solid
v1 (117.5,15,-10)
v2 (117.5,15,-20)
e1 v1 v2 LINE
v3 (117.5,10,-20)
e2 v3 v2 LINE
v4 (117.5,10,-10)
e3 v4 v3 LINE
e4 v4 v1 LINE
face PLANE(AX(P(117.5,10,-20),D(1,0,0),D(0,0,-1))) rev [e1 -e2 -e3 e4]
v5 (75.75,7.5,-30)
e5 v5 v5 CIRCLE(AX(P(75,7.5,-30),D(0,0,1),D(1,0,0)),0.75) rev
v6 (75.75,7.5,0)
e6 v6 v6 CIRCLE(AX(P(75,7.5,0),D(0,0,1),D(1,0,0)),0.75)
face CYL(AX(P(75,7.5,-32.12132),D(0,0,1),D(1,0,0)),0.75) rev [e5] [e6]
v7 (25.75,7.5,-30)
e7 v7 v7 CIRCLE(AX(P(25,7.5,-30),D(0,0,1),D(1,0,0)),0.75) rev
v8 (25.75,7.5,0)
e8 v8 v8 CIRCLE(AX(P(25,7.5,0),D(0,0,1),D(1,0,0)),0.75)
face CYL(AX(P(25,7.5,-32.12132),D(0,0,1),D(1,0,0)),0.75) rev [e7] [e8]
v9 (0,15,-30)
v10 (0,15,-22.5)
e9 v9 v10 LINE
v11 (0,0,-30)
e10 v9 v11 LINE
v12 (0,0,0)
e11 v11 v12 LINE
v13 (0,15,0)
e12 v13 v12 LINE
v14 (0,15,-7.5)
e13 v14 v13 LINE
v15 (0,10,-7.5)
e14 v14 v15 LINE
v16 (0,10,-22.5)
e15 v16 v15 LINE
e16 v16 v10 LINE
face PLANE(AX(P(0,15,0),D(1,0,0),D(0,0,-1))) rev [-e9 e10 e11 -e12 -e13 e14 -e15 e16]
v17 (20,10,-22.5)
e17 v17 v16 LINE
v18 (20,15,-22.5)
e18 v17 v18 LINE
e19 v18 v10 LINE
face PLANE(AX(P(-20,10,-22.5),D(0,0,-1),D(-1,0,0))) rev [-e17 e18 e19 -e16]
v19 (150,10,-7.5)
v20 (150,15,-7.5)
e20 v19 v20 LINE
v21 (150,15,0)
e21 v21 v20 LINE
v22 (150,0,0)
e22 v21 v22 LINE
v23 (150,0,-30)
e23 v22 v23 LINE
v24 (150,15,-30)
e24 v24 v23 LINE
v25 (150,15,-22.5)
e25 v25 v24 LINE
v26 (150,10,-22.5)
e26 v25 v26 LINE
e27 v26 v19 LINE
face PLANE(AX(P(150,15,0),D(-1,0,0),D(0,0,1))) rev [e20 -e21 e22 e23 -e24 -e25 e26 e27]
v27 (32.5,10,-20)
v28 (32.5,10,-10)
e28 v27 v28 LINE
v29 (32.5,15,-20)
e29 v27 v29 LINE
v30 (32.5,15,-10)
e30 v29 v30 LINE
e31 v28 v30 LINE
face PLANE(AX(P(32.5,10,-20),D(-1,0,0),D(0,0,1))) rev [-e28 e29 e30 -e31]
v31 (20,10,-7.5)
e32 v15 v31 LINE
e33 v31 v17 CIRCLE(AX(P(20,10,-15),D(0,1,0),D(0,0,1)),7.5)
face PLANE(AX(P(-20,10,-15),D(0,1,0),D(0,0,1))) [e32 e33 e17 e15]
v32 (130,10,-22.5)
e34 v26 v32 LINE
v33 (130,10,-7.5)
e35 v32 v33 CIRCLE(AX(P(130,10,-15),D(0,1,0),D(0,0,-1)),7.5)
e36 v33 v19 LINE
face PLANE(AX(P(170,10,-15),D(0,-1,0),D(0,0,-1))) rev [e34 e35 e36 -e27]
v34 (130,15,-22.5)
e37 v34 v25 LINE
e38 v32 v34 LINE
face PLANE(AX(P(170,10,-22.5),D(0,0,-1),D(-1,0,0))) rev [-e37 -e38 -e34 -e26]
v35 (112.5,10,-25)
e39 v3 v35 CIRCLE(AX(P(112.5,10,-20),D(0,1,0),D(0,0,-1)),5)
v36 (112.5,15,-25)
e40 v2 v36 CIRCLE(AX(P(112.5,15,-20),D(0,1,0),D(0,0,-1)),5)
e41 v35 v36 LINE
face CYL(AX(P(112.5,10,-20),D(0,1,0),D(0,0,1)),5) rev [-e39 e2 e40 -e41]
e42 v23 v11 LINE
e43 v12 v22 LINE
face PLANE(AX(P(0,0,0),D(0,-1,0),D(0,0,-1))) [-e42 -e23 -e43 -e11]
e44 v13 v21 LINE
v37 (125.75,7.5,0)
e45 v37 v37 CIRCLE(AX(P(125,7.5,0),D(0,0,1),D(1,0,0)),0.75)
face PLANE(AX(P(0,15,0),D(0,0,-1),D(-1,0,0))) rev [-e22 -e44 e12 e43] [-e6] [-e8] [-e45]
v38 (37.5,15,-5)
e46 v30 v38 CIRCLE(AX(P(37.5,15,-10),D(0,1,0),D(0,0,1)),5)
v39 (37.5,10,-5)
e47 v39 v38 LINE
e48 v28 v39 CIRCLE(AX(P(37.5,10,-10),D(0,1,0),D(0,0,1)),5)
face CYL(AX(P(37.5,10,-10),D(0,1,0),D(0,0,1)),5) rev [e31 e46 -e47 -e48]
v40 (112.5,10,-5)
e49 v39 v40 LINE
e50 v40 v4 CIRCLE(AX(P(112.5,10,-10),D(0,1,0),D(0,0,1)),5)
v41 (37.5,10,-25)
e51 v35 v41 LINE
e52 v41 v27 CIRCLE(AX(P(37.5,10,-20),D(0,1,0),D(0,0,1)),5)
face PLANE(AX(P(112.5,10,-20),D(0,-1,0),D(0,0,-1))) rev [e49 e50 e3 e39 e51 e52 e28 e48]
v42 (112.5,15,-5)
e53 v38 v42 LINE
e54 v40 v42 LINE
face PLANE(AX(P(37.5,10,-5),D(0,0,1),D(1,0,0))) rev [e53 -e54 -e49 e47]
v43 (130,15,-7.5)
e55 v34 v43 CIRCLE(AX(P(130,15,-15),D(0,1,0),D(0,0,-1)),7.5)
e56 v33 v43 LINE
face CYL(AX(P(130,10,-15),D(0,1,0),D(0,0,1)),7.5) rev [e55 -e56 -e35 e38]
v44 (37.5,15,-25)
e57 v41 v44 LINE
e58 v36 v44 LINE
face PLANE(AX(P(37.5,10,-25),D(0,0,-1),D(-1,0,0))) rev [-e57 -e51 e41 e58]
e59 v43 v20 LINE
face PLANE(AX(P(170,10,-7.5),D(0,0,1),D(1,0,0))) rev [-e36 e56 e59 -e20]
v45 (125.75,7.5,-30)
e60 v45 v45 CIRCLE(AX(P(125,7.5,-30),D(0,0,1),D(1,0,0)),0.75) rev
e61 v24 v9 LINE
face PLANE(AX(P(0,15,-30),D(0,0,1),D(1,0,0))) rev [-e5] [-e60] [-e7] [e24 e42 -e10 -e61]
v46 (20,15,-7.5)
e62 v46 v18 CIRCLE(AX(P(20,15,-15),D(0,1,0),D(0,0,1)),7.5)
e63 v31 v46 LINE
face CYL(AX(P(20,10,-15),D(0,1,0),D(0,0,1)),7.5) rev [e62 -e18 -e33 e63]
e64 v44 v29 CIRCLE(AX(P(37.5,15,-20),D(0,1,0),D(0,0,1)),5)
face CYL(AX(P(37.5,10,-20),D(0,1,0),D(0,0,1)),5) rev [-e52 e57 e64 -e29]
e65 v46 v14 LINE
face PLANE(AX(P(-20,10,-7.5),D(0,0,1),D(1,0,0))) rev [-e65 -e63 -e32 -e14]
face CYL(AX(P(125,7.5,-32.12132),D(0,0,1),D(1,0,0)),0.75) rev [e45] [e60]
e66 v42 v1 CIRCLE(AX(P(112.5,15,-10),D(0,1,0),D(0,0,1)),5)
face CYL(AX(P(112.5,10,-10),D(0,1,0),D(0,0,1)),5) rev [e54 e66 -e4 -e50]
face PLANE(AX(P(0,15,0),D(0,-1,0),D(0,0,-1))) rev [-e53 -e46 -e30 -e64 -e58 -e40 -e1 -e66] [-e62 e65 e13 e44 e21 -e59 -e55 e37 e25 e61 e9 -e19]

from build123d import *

# Parameters (mm, degrees)
SKETCH1_W           = 150
SKETCH1_H           = 30
BOSS_EXTRUDE1_DEPTH = 15
CUT_EXTRUDE1_DEPTH  = 5
SKETCH3_R           = 0.75
CUT_EXTRUDE2_DEPTH  = 30
CUT_EXTRUDE3_DEPTH  = 5


with BuildPart() as part:
    # Sketch1 → Boss-Extrude1 (new body)
    with BuildSketch(Plane(origin=(0, 0, 0), x_dir=(1, 0, 0), z_dir=(0, 1, 0))):
        with Locations((75, 15)):
            Rectangle(SKETCH1_W, SKETCH1_H)
    extrude(amount=BOSS_EXTRUDE1_DEPTH)

    # Sketch2 → Cut-Extrude1 (cut)
    with BuildSketch(Plane(origin=(0, 15, 0), x_dir=(1, 0, 0), z_dir=(0, 1, 0))):
        with BuildLine():
            Line((-20, 22.5), (20, 22.5))
            ThreePointArc((20, 22.5), (27.5, 15), (20, 7.5))
            Line((20, 7.5), (-20, 7.5))
            ThreePointArc((-20, 7.5), (-27.5, 15), (-20, 22.5))
        make_face()
        with BuildLine():
            Line((170, 22.5), (130, 22.5))
            ThreePointArc((130, 22.5), (122.5, 15), (130, 7.5))
            Line((130, 7.5), (170, 7.5))
            ThreePointArc((170, 7.5), (177.5, 15), (170, 22.5))
        make_face()
    extrude(amount=-CUT_EXTRUDE1_DEPTH, mode=Mode.SUBTRACT)

    # Sketch3 → Cut-Extrude2 (cut)
    with BuildSketch(Plane.XY):
        with Locations((25, 7.5)):
            Circle(SKETCH3_R)
        with Locations((75, 7.5)):
            Circle(SKETCH3_R)
        with Locations((125, 7.5)):
            Circle(SKETCH3_R)
    extrude(amount=-CUT_EXTRUDE2_DEPTH, mode=Mode.SUBTRACT)

    # Sketch4 → Cut-Extrude3 (cut)
    with BuildSketch(Plane(origin=(0, 15, 0), x_dir=(1, 0, 0), z_dir=(0, 1, 0))):
        with BuildLine():
            Line((37.5, 25), (112.5, 25))
            ThreePointArc((112.5, 25), (116.035533906, 23.535533906), (117.5, 20))
            Line((117.5, 20), (117.5, 10))
            ThreePointArc((117.5, 10), (116.035533906, 6.464466094), (112.5, 5))
            Line((112.5, 5), (37.5, 5))
            ThreePointArc((37.5, 5), (33.964466094, 6.464466094), (32.5, 10))
            Line((32.5, 10), (32.5, 20))
            ThreePointArc((32.5, 20), (33.964466094, 23.535533906), (37.5, 25))
        make_face()
    extrude(amount=-CUT_EXTRUDE3_DEPTH, mode=Mode.SUBTRACT)


solid = part.part
